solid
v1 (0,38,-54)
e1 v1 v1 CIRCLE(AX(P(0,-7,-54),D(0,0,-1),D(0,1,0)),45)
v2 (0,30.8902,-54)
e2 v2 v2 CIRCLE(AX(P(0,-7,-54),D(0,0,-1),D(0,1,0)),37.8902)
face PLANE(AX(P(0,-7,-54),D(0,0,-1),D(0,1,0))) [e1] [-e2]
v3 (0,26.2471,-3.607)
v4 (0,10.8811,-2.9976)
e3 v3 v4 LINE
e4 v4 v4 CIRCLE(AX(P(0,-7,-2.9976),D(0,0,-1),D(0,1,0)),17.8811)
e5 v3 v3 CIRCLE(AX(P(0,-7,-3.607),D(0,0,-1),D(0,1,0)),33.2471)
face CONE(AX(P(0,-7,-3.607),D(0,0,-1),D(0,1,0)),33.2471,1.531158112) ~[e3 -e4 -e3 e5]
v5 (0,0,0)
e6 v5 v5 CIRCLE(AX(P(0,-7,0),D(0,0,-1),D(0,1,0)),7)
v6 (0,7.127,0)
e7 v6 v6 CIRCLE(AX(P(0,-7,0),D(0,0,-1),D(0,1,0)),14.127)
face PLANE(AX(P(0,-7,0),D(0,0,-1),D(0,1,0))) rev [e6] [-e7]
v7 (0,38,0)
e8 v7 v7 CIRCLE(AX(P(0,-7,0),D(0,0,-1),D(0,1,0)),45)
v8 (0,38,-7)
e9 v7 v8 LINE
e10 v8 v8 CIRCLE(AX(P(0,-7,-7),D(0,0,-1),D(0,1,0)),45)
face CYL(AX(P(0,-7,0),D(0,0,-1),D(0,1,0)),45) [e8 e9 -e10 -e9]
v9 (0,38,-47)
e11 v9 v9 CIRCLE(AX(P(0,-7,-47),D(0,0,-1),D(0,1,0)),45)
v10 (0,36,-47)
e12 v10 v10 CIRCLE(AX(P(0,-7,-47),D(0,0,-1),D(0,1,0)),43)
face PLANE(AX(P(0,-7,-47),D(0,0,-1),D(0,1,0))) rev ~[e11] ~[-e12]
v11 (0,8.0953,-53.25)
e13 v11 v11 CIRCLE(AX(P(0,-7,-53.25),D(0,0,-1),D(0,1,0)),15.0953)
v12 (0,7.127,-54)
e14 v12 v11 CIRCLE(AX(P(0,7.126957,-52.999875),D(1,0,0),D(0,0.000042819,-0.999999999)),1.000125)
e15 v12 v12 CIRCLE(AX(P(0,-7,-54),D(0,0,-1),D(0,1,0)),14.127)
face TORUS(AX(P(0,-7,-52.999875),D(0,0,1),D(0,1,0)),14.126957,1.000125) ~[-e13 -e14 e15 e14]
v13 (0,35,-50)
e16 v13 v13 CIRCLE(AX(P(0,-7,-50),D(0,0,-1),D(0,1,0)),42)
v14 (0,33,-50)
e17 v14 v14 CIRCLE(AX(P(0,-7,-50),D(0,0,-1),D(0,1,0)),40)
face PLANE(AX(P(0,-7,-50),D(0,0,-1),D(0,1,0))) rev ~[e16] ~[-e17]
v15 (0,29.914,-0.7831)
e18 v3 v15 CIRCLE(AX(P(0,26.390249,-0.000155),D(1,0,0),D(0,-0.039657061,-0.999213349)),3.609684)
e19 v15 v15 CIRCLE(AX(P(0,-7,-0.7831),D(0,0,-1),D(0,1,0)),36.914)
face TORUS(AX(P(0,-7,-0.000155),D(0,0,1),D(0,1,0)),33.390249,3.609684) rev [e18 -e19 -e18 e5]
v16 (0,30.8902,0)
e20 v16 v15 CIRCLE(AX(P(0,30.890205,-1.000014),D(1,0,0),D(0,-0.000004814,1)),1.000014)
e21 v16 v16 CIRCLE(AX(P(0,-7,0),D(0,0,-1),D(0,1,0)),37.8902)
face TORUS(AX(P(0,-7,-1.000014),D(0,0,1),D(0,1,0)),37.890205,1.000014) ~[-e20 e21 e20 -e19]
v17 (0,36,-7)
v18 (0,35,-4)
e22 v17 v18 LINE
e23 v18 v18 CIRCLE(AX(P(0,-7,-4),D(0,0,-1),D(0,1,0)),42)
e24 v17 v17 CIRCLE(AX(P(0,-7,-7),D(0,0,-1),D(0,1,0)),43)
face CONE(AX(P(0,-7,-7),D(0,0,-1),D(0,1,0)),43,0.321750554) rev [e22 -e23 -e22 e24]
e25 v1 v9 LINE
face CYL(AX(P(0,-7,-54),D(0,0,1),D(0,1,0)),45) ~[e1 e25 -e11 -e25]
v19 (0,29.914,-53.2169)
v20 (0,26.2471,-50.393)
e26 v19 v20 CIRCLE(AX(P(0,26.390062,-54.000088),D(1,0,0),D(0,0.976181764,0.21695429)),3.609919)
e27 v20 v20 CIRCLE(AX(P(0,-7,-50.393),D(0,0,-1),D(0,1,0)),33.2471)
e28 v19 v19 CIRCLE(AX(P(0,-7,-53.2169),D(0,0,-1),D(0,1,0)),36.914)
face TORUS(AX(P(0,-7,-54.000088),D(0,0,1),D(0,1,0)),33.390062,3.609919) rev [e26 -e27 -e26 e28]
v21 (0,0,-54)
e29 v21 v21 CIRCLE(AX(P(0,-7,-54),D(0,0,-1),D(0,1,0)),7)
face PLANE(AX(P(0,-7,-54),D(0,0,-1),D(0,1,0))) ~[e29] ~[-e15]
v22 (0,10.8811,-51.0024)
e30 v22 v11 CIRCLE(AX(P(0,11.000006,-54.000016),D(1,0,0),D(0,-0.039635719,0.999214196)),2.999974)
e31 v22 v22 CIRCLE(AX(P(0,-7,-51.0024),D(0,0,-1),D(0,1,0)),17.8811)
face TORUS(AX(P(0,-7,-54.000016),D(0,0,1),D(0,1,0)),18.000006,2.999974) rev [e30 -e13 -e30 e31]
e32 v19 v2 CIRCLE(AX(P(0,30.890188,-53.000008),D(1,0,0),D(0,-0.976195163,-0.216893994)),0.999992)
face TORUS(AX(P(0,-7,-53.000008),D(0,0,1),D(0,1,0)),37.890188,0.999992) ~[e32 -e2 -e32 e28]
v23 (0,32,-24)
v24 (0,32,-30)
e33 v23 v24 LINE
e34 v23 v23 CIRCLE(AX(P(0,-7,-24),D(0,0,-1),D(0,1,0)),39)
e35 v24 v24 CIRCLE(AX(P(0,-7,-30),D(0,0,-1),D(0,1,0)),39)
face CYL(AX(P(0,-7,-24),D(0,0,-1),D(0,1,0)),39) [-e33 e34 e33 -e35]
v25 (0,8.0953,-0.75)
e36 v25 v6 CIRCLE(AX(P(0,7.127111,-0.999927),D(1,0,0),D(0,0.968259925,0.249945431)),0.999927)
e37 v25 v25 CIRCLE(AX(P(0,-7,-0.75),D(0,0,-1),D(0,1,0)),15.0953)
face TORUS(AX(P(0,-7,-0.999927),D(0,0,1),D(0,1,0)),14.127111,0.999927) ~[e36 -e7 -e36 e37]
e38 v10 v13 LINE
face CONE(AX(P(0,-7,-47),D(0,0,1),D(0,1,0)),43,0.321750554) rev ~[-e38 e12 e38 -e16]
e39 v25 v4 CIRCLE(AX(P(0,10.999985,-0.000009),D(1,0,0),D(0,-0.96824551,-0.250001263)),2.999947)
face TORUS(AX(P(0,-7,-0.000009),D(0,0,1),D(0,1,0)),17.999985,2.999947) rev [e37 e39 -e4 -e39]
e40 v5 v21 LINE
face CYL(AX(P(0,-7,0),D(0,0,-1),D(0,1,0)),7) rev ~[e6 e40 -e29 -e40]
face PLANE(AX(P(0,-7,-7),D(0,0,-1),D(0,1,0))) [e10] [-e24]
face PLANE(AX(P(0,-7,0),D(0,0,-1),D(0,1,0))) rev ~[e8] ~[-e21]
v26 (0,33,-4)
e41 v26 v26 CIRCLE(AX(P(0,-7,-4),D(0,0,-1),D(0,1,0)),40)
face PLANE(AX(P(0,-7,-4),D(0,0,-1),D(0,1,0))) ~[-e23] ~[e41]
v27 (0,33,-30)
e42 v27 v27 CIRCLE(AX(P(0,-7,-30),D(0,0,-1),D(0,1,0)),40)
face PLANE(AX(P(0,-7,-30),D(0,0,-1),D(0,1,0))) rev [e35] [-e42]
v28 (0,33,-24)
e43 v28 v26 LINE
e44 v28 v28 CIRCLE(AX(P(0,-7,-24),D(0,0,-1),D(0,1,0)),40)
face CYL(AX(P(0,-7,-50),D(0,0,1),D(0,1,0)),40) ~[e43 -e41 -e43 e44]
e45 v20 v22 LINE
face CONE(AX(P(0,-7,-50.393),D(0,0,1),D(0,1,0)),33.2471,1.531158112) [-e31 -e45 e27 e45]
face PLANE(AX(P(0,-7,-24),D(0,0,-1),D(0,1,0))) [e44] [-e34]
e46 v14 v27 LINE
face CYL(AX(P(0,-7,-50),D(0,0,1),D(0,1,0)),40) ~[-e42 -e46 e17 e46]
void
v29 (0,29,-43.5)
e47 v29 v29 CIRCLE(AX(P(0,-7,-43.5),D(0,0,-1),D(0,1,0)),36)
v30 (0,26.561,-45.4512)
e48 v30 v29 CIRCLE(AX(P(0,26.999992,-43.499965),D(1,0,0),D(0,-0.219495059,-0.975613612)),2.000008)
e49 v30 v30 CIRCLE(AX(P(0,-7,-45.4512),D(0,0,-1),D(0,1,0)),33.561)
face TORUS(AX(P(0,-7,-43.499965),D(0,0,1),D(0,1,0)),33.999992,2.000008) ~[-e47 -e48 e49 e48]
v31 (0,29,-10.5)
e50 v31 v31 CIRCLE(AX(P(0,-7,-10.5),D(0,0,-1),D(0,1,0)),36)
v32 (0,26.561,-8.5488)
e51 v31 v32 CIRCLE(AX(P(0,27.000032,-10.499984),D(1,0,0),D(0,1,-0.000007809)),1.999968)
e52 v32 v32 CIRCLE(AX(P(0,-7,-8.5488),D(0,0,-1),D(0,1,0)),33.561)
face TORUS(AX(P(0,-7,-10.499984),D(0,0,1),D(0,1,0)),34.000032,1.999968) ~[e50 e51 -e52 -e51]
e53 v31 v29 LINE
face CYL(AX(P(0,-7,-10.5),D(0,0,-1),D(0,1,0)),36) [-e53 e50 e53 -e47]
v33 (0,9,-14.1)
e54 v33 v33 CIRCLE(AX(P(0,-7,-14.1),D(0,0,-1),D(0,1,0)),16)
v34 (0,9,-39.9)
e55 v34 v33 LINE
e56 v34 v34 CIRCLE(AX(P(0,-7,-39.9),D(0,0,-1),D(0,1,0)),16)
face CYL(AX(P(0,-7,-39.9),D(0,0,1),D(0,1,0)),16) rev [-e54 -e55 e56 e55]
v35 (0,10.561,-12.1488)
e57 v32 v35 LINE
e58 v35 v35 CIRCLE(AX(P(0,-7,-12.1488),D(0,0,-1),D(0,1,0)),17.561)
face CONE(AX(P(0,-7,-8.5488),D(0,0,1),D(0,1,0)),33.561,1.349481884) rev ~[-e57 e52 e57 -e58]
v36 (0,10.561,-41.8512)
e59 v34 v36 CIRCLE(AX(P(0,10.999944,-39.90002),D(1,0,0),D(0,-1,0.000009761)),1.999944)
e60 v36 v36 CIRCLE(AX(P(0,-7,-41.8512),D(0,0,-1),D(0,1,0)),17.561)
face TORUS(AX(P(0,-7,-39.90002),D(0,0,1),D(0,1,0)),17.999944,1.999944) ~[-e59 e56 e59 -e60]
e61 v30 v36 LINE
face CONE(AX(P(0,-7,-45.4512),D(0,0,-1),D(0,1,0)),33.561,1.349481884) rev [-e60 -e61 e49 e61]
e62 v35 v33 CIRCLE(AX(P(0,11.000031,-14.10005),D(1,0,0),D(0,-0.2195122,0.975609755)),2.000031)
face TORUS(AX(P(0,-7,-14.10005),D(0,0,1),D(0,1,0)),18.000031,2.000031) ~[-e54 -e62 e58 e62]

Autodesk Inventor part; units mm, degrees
ref_plane "YZ Plane" through (0, 0, 0) normal (1, 0, 0) x (0, 1, 0)
ref_plane "XZ Plane" through (0, 0, 0) normal (0, 1, 0) x (-1, 0, 0)
ref_plane "XY Plane" through (0, 0, 0) normal (0, 0, 1) x (1, 0, 0)
sketch "Szkic1" plane through (0, 0, 0) normal (1, 0, 0) x (0, 1, 0)
  line L0 (0, 0) -> (0, -54)
  line L1 (29, -10.5) -> (29, -43.5)
  line L2 (9, -39.9) -> (9, -14.1)
  line L3 (26.561, -8.5488) -> (10.561, -12.1488)
  line L4 (26.561, -45.4512) -> (10.561, -41.8512)
  arc A0 (29, -10.5) -> (26.561, -8.5488) centre (27, -10.5) ccw
  arc A1 (26.561, -45.4512) -> (29, -43.5) centre (27, -43.5) ccw
  arc A2 (9, -39.9) -> (10.561, -41.8512) centre (11, -39.9) ccw
  arc A3 (10.561, -12.1488) -> (9, -14.1) centre (11, -14.1) ccw
  line L5 (0, 0) -> (8, 0)
  line L6 (0, -54) -> (7.127, -54)
  line L7 (38, 0) -> (30.8902, 0)
  line L8 (38, -54) -> (30.8902, -54)
  arc A4 (26.2471, -3.607) -> (29.914, -0.7831) centre (26.3902, 0) ccw
  arc A5 (29.914, -53.2169) -> (26.2471, -50.393) centre (26.3902, -54) ccw
  arc A6 (8.0953, -0.75) -> (10.8811, -2.9976) centre (11, 0) ccw
  arc A7 (10.8811, -51.0024) -> (8.0953, -53.25) centre (11, -54) ccw
  line L9 (26.2471, -3.607) -> (10.8811, -2.9976)
  line L10 (26.2471, -50.393) -> (10.8811, -51.0024)
  line L11 (38, 0) -> (30, 0)
  line L12 (7.127, 0) -> (0, 0)
  line L13 (0, -54) -> (8, -54)
  line L14 (30, -54) -> (38, -54)
  arc A8 (30.8902, 0) -> (29.914, -0.7831) centre (30.8902, -1) ccw
  arc A9 (8.0953, -0.75) -> (7.127, 0) centre (7.127, -1) ccw
  arc A10 (7.127, -54) -> (8.0953, -53.25) centre (7.127, -53) ccw
  arc A11 (29.914, -53.2169) -> (30.8902, -54) centre (30.8902, -53) ccw
  line L15 (0, 0) -> (-7, 0)
  line L16 (-7, 0) -> (-7, -70)
  line L17 (33, -4) -> (35, -4)
  line L18 (35, -50) -> (33, -50)
  line L19 (33, -50) -> (33, -4)
  line L20 (38, 0) -> (38, -7)
  line L21 (38, -54) -> (38, -47)
  line L22 (38, -7) -> (36, -7)
  line L23 (36, -7) -> (35, -4)
  line L24 (38, -47) -> (36, -47)
  line L25 (36, -47) -> (35, -50)
  line L26 (38, -54) -> (38, -47)
  line L27 (38, -7) -> (38, 0)
  line L28 (34, -24) -> (32, -24)
  line L29 (32, -24) -> (32, -30)
  line L30 (32, -30) -> (34, -30)
  line L31 (34, -30) -> (34, -24)
  line L32 (34, -24) -> (32, -30) construction
  line L33 (32, -24) -> (34, -30) construction
  point P0 (9, -41.5)
  point P1 (9, -12.5)
  point P2 (9, -41.2105)
  point P3 (34, -27)
  point P4 (33, -27)
  point P5 (33, -30)
  point P6 (33, -24)
  dimension "d1" = 54
  dimension "d2" = 38
  dimension "d7" = 2
  dimension "d8" = 8
  dimension "d9" = 8
  dimension "d10" = 8
  dimension "d11" = 6
  dimension "d12" = 1
  dimension "d13" = 7
  dimension "d14" = 70
  dimension "d16" = 2
  dimension "d17" = 46
  dimension "d18" = 7
  dimension "d19" = 7
  dimension "d20" = 2
  dimension "d21" = 2
  dimension "d23" = 3
  dimension "d24" = 1
  dimension "d28" = 2
  dimension "d29" = 6
revolve "Obrót2" add sketch "Szkic1" angle 360 about axis through (0, -7, 0) along (0, 0, -1) contours L5 A9 A6 L9 A4 A8 L7 L20 L22 L23 L17 L19 L28 L29 L30 L18 L25 L24 L21 L8 A11 A5 L10 A7 A10 L6 L0
properties part number "Tłok"
